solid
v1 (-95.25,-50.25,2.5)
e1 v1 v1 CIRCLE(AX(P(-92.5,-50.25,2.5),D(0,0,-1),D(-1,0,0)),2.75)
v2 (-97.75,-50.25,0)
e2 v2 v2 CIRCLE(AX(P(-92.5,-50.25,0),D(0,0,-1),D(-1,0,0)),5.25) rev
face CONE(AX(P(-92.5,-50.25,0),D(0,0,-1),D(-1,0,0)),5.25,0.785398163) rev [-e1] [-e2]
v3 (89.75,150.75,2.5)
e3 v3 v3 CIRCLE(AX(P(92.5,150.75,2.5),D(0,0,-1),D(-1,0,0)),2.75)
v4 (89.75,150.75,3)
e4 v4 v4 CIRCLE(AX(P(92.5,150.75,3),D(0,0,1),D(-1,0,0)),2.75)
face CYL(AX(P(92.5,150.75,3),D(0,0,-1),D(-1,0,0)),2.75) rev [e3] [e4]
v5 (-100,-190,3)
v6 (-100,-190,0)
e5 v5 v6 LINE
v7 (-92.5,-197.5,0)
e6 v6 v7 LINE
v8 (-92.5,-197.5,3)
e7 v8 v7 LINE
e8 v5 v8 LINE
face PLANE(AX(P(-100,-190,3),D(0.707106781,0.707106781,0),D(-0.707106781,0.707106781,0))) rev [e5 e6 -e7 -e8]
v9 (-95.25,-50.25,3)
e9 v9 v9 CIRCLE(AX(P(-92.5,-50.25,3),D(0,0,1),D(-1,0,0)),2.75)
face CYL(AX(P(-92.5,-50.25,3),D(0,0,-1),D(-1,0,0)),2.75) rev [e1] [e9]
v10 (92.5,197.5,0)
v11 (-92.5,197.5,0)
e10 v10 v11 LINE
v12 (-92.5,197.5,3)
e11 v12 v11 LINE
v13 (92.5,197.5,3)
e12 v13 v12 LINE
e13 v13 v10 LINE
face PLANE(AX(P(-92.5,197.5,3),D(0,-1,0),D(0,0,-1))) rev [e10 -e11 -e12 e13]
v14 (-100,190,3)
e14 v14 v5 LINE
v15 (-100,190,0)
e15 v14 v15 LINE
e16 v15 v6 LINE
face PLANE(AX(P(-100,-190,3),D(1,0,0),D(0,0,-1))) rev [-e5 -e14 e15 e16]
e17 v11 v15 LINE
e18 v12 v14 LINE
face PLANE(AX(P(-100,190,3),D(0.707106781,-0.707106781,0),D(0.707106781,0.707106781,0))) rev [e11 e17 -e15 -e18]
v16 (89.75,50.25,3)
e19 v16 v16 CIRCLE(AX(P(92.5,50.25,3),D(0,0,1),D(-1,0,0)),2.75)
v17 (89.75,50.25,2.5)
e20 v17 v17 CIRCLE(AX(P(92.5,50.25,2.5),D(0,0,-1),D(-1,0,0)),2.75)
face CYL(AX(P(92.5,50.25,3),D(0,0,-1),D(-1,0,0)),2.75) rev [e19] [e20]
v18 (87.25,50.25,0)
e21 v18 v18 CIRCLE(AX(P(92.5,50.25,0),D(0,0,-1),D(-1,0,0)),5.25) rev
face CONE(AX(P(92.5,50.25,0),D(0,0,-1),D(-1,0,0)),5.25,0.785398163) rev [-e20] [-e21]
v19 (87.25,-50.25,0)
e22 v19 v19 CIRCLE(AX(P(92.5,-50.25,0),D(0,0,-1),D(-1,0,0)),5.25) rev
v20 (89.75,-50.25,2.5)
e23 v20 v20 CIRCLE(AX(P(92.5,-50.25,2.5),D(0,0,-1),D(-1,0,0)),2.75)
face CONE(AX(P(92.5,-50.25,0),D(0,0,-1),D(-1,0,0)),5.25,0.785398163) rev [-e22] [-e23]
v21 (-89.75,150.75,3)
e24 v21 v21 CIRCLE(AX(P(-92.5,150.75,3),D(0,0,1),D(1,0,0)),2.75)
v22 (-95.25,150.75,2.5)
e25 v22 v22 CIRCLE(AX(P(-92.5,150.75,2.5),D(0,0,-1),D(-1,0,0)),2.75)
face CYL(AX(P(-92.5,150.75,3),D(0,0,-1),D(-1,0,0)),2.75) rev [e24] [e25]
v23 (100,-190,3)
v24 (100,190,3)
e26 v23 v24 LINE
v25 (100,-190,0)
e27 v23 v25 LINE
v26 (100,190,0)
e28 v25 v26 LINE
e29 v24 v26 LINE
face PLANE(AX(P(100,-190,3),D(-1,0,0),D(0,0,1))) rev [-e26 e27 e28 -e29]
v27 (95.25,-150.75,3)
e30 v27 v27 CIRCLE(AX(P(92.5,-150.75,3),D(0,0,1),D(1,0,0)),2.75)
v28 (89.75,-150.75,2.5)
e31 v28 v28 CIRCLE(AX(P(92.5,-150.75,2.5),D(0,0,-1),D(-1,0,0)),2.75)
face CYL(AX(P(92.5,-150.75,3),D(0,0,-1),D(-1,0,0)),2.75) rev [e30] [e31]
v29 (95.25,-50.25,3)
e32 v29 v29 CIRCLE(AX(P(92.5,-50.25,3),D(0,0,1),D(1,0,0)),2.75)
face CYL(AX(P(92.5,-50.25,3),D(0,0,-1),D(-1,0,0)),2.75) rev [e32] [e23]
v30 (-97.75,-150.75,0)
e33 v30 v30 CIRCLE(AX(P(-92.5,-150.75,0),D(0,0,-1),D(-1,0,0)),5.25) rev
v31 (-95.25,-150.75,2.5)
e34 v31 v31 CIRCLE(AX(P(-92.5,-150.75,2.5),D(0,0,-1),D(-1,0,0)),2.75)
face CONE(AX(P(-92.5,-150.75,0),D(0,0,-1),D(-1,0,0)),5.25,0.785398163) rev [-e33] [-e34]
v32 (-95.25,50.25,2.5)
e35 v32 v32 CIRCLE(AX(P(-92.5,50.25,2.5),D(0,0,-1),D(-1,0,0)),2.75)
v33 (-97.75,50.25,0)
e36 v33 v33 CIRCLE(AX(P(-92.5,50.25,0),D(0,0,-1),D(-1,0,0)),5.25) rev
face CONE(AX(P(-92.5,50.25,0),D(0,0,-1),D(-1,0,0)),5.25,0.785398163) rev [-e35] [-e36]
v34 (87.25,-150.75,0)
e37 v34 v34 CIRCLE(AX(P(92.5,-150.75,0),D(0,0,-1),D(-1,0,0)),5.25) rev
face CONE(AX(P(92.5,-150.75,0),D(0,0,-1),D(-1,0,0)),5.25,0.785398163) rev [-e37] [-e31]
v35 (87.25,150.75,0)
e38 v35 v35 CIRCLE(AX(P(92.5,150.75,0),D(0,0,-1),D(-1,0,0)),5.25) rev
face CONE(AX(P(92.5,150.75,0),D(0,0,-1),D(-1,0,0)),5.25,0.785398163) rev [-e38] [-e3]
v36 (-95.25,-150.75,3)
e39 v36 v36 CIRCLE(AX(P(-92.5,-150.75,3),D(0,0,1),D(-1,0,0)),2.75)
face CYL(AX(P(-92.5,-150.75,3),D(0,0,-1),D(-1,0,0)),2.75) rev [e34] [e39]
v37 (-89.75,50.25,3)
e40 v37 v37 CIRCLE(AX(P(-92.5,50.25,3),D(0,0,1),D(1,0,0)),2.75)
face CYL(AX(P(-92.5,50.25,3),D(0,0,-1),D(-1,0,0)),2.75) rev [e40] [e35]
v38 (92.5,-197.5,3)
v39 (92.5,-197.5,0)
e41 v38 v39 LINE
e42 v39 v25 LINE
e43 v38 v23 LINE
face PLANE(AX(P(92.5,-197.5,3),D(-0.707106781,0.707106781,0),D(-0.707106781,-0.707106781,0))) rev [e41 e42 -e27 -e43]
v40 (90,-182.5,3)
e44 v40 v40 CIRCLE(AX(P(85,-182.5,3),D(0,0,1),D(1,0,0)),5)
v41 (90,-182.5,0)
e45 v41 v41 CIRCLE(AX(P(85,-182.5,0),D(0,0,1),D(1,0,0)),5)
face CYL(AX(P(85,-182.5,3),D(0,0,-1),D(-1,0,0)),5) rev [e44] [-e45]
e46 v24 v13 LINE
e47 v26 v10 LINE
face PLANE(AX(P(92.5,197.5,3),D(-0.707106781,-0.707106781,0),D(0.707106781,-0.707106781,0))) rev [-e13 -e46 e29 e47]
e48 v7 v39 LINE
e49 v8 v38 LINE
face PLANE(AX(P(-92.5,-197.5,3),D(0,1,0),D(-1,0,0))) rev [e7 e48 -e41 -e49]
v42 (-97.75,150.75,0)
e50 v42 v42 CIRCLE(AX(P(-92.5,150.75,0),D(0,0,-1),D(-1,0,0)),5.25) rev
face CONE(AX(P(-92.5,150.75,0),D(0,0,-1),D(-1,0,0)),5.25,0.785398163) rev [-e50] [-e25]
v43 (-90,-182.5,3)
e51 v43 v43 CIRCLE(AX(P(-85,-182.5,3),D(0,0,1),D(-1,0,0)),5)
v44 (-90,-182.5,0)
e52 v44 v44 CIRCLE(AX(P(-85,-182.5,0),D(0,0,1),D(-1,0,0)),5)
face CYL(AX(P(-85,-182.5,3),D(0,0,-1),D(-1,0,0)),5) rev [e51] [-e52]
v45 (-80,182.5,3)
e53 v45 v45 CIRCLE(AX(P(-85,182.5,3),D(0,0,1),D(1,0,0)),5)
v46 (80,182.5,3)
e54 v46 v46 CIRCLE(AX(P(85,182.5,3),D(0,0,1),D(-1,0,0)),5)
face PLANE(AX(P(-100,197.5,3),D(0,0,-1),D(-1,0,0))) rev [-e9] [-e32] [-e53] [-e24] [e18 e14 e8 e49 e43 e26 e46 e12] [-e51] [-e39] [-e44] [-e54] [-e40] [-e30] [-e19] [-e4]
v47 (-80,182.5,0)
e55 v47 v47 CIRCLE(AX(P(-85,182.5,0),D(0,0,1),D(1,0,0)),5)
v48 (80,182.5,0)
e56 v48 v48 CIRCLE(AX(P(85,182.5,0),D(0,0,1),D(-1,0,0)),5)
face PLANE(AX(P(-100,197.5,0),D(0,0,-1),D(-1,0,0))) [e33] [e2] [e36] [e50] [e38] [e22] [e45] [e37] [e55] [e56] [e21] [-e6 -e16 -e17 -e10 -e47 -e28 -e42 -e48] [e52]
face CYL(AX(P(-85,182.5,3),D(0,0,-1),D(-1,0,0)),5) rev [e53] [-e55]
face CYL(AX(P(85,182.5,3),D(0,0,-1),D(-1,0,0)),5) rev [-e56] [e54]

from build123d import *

# Parameters (mm, degrees)
SKETCH_1_R      = 5
SKETCH_1_R_2    = 2.75
EXTRUDE_1_DEPTH = 3
CHAMFER_1_SIZE  = 2.5


with BuildPart() as part:
    # Эскиз1 → Вытянуть1 (new body)
    with BuildSketch(Plane.XY):
        Polygon((-100, 190), (-92.5, 197.5), (92.5, 197.5), (100, 190), (100, -190), (92.5, -197.5), (-92.5, -197.5), (-100, -190), align=None)
        with Locations((-85, 182.5)):
            Circle(SKETCH_1_R, mode=Mode.SUBTRACT)
        with Locations(Location((85, 182.5, 0), (0, 0, 180))):
            Circle(SKETCH_1_R, mode=Mode.SUBTRACT)
        with Locations((85, -182.5)):
            Circle(SKETCH_1_R, mode=Mode.SUBTRACT)
        with Locations(Location((-85, -182.5, 0), (0, 0, 180))):
            Circle(SKETCH_1_R, mode=Mode.SUBTRACT)
        with Locations((-92.5, 150.75)):
            Circle(SKETCH_1_R_2, mode=Mode.SUBTRACT)
        with Locations(Location((-92.5, -150.75, 0), (0, 0, 180))):
            Circle(SKETCH_1_R_2, mode=Mode.SUBTRACT)
        with Locations((-92.5, 50.25)):
            Circle(SKETCH_1_R_2, mode=Mode.SUBTRACT)
        with Locations(Location((-92.5, -50.25, 0), (0, 0, 180))):
            Circle(SKETCH_1_R_2, mode=Mode.SUBTRACT)
        with Locations(Location((92.5, 150.75, 0), (0, 0, 180))):
            Circle(SKETCH_1_R_2, mode=Mode.SUBTRACT)
        with Locations(Location((92.5, 50.25, 0), (0, 0, 180))):
            Circle(SKETCH_1_R_2, mode=Mode.SUBTRACT)
        with Locations((92.5, -50.25)):
            Circle(SKETCH_1_R_2, mode=Mode.SUBTRACT)
        with Locations((92.5, -150.75)):
            Circle(SKETCH_1_R_2, mode=Mode.SUBTRACT)
    extrude(amount=EXTRUDE_1_DEPTH)

    # Фаска1
    chamfer_1_edges = [part.edges().sort_by_distance(p)[0] for p in [
        (-95.25, 150.75, 0),
        (-89.75, -150.75, 0),
        (-95.25, 50.25, 0),
        (-89.75, -50.25, 0),
        (95.25, 150.75, 0),
        (95.25, 50.25, 0),
        (89.75, -50.25, 0),
        (89.75, -150.75, 0),
    ]]
    chamfer(chamfer_1_edges, length=CHAMFER_1_SIZE)


solid = part.part
